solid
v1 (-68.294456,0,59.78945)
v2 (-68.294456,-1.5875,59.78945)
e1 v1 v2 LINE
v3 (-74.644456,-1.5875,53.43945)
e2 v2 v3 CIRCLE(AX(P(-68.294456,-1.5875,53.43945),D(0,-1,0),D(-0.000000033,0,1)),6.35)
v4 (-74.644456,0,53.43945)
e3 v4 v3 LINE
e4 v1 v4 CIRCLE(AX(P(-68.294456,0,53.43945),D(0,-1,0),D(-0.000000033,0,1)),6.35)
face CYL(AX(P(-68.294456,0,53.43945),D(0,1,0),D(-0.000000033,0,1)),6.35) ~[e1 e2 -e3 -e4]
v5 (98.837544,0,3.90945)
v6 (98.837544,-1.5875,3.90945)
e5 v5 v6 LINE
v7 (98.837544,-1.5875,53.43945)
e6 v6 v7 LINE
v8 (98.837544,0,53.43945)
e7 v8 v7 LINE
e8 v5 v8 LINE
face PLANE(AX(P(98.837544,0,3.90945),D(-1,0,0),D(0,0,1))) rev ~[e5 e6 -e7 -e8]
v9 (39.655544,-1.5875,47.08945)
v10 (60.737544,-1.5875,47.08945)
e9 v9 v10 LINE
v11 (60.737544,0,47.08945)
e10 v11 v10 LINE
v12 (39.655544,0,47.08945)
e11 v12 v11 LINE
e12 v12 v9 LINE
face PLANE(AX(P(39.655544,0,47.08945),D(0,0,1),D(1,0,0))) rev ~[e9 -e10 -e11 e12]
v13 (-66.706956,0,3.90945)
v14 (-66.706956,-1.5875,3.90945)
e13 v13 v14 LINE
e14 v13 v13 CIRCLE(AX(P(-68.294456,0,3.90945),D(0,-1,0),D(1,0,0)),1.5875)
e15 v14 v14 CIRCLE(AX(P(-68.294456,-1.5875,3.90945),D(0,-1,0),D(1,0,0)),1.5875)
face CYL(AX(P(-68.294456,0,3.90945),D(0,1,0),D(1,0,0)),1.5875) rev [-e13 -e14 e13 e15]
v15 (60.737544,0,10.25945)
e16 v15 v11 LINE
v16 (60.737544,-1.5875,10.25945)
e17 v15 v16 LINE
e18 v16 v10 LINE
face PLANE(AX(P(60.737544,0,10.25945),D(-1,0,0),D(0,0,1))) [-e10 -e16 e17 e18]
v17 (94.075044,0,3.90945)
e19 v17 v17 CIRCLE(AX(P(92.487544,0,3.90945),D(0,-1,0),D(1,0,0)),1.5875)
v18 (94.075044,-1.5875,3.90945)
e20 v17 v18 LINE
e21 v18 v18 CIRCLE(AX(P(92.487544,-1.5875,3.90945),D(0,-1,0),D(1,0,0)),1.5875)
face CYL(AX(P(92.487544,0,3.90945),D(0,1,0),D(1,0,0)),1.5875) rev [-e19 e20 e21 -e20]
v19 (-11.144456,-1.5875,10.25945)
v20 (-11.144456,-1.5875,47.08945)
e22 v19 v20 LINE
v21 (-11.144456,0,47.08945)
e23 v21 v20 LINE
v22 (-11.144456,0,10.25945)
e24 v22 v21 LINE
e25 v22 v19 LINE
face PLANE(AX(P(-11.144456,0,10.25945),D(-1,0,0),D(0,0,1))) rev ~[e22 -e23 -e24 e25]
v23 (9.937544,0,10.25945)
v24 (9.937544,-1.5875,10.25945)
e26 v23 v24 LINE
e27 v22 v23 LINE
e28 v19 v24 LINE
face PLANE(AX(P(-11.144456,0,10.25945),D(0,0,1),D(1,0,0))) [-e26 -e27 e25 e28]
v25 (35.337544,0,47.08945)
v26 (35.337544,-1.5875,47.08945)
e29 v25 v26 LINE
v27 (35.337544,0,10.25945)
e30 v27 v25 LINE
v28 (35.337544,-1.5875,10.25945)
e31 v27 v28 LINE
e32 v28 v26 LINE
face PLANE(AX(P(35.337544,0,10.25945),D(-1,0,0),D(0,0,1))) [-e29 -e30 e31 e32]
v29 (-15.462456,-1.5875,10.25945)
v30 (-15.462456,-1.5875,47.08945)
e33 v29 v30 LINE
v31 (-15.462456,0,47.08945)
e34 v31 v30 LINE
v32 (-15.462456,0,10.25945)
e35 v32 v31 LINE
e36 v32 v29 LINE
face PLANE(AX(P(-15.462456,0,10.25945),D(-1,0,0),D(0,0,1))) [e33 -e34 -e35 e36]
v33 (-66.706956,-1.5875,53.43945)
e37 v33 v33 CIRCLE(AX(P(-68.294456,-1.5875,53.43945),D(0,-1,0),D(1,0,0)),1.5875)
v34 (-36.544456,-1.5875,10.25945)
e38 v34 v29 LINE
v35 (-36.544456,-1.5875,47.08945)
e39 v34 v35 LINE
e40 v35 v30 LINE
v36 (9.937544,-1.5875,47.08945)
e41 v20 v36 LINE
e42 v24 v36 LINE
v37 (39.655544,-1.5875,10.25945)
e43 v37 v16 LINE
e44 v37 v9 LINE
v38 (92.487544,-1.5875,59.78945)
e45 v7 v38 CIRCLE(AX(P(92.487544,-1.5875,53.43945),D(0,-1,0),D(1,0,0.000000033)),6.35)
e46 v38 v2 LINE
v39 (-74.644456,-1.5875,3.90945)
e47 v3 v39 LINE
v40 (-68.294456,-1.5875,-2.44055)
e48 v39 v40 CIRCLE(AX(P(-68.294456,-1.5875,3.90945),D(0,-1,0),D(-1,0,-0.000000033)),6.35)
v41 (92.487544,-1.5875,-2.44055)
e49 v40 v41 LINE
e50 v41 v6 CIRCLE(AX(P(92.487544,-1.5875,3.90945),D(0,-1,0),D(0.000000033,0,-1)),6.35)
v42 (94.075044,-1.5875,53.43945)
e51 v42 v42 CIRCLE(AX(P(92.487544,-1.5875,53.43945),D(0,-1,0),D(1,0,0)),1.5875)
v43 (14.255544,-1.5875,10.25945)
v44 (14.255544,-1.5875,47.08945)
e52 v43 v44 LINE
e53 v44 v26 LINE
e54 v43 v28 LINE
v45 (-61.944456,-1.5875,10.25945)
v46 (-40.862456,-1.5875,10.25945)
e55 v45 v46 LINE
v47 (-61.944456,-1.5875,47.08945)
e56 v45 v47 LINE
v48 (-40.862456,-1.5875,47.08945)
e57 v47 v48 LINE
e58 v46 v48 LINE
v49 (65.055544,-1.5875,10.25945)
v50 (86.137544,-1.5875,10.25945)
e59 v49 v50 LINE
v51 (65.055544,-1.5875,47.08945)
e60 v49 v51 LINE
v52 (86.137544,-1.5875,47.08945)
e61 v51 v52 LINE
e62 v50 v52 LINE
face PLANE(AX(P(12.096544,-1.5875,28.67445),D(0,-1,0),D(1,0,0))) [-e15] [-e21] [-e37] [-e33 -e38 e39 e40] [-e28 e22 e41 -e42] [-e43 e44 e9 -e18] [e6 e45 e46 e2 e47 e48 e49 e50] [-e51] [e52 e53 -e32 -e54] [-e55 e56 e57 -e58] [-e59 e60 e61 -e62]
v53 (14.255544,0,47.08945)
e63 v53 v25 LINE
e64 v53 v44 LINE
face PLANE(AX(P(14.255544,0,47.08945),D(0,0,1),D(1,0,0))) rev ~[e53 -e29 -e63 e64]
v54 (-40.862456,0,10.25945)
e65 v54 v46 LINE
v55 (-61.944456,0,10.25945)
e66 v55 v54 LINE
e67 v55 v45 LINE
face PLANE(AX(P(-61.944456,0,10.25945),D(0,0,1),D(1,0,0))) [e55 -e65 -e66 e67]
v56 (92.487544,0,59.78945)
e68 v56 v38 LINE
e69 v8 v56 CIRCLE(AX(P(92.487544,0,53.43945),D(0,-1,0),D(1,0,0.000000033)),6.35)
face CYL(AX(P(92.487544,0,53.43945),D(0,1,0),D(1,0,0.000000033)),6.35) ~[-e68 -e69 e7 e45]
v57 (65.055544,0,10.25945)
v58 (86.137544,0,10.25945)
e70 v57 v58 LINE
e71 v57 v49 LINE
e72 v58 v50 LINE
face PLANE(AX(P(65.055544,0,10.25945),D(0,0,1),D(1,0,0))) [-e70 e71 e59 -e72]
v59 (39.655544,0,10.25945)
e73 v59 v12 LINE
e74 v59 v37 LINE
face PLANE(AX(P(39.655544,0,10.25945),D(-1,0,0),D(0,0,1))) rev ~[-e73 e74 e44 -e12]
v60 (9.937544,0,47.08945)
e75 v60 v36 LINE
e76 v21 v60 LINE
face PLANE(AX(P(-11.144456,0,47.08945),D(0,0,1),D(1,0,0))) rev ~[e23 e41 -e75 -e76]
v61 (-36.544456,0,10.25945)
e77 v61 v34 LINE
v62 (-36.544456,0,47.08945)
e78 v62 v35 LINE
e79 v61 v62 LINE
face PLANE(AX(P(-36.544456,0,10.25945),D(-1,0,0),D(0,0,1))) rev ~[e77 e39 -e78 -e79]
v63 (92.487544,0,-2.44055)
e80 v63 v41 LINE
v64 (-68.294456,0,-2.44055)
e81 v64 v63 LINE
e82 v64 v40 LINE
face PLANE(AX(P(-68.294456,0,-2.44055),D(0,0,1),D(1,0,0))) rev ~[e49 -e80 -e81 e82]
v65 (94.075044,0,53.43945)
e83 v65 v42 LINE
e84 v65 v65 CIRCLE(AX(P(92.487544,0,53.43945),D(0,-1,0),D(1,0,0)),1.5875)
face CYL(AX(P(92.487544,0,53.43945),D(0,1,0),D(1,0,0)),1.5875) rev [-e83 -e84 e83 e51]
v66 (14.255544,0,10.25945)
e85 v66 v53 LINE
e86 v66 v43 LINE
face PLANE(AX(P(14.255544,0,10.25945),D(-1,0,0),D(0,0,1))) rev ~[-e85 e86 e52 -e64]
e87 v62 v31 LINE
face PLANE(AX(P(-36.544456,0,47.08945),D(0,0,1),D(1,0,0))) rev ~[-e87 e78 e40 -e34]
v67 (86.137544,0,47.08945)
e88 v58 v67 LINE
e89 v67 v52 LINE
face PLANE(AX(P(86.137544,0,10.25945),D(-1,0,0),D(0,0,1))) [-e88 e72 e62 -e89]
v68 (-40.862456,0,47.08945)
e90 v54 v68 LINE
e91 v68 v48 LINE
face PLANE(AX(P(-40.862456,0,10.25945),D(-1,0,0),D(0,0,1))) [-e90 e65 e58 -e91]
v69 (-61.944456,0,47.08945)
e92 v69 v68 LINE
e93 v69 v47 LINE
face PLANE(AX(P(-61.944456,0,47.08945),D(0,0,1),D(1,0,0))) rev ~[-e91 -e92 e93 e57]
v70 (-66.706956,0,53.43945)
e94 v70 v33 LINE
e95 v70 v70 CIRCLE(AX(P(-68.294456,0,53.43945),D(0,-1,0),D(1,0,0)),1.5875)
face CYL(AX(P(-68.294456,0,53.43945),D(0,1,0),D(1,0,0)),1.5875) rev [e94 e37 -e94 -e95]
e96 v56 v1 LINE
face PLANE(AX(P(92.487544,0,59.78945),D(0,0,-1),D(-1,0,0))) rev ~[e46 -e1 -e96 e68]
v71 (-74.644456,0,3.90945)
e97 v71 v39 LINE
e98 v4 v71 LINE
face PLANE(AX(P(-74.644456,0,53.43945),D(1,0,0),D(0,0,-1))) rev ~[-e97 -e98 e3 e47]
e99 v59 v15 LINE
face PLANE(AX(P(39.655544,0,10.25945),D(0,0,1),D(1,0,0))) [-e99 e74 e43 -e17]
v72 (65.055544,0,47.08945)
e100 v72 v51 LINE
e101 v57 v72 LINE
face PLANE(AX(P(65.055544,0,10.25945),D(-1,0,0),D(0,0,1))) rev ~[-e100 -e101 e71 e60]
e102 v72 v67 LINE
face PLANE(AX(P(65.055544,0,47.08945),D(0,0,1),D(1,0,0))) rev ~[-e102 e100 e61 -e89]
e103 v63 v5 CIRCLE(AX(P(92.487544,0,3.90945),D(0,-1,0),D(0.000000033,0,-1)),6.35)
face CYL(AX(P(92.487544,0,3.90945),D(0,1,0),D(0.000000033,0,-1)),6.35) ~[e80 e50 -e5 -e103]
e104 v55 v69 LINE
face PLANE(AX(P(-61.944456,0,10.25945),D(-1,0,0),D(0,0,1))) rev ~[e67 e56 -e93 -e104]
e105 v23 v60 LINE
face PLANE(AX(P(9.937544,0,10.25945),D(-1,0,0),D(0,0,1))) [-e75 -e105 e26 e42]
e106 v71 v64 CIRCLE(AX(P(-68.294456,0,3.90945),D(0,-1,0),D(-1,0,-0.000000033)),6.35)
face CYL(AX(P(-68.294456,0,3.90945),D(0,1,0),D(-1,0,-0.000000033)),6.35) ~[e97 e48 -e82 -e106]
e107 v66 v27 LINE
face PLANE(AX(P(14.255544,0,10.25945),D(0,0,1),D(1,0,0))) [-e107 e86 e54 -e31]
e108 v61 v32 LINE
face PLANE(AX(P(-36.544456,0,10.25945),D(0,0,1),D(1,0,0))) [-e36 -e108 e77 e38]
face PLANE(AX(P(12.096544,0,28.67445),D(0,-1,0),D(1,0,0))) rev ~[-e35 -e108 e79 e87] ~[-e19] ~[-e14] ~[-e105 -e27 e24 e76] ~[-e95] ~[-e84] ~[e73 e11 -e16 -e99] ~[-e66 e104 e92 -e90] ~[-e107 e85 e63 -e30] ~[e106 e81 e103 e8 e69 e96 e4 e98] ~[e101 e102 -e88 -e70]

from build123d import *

# Parameters (mm, degrees)
F0_R     = 1.5875
F0_W     = 21.082
F0_H     = 36.83
F1_DEPTH = 1.5875


with BuildPart() as f1:
    # F0 (on Front) → F1 (new body)
    with BuildSketch(Plane.XZ):
        with BuildLine():
            Line((92.487544, 59.78945), (-68.294456, 59.78945))
            ThreePointArc((-68.294456, 59.78945), (-72.784584, 57.929578), (-74.644456, 53.43945))
            Line((-74.644456, 53.43945), (-74.644456, 3.90945))
            ThreePointArc((-74.644456, 3.90945), (-72.784584, -0.580678), (-68.294456, -2.44055))
            Line((-68.294456, -2.44055), (92.487544, -2.44055))
            ThreePointArc((92.487544, -2.44055), (96.977672, -0.580678), (98.837544, 3.90945))
            Line((98.837544, 3.90945), (98.837544, 53.43945))
            ThreePointArc((98.837544, 53.43945), (96.977672, 57.929578), (92.487544, 59.78945))
        make_face()
        with Locations((-68.294456, 3.90945)):
            Circle(F0_R, mode=Mode.SUBTRACT)
        with Locations((92.487544, 3.90945)):
            Circle(F0_R, mode=Mode.SUBTRACT)
        with Locations((-51.403456, 28.67445)):
            Rectangle(F0_W, F0_H, mode=Mode.SUBTRACT)
        with Locations((-26.003456, 28.67445)):
            Rectangle(F0_W, F0_H, mode=Mode.SUBTRACT)
        with Locations((-0.603456, 28.67445)):
            Rectangle(F0_W, F0_H, mode=Mode.SUBTRACT)
        with Locations((-68.294456, 53.43945)):
            Circle(F0_R, mode=Mode.SUBTRACT)
        with Locations((24.796544, 28.67445)):
            Rectangle(F0_W, F0_H, mode=Mode.SUBTRACT)
        with Locations((50.196544, 28.67445)):
            Rectangle(F0_W, F0_H, mode=Mode.SUBTRACT)
        with Locations((75.596544, 28.67445)):
            Rectangle(F0_W, F0_H, mode=Mode.SUBTRACT)
        with Locations((92.487544, 53.43945)):
            Circle(F0_R, mode=Mode.SUBTRACT)
    extrude(amount=F1_DEPTH)


solid = f1.part
